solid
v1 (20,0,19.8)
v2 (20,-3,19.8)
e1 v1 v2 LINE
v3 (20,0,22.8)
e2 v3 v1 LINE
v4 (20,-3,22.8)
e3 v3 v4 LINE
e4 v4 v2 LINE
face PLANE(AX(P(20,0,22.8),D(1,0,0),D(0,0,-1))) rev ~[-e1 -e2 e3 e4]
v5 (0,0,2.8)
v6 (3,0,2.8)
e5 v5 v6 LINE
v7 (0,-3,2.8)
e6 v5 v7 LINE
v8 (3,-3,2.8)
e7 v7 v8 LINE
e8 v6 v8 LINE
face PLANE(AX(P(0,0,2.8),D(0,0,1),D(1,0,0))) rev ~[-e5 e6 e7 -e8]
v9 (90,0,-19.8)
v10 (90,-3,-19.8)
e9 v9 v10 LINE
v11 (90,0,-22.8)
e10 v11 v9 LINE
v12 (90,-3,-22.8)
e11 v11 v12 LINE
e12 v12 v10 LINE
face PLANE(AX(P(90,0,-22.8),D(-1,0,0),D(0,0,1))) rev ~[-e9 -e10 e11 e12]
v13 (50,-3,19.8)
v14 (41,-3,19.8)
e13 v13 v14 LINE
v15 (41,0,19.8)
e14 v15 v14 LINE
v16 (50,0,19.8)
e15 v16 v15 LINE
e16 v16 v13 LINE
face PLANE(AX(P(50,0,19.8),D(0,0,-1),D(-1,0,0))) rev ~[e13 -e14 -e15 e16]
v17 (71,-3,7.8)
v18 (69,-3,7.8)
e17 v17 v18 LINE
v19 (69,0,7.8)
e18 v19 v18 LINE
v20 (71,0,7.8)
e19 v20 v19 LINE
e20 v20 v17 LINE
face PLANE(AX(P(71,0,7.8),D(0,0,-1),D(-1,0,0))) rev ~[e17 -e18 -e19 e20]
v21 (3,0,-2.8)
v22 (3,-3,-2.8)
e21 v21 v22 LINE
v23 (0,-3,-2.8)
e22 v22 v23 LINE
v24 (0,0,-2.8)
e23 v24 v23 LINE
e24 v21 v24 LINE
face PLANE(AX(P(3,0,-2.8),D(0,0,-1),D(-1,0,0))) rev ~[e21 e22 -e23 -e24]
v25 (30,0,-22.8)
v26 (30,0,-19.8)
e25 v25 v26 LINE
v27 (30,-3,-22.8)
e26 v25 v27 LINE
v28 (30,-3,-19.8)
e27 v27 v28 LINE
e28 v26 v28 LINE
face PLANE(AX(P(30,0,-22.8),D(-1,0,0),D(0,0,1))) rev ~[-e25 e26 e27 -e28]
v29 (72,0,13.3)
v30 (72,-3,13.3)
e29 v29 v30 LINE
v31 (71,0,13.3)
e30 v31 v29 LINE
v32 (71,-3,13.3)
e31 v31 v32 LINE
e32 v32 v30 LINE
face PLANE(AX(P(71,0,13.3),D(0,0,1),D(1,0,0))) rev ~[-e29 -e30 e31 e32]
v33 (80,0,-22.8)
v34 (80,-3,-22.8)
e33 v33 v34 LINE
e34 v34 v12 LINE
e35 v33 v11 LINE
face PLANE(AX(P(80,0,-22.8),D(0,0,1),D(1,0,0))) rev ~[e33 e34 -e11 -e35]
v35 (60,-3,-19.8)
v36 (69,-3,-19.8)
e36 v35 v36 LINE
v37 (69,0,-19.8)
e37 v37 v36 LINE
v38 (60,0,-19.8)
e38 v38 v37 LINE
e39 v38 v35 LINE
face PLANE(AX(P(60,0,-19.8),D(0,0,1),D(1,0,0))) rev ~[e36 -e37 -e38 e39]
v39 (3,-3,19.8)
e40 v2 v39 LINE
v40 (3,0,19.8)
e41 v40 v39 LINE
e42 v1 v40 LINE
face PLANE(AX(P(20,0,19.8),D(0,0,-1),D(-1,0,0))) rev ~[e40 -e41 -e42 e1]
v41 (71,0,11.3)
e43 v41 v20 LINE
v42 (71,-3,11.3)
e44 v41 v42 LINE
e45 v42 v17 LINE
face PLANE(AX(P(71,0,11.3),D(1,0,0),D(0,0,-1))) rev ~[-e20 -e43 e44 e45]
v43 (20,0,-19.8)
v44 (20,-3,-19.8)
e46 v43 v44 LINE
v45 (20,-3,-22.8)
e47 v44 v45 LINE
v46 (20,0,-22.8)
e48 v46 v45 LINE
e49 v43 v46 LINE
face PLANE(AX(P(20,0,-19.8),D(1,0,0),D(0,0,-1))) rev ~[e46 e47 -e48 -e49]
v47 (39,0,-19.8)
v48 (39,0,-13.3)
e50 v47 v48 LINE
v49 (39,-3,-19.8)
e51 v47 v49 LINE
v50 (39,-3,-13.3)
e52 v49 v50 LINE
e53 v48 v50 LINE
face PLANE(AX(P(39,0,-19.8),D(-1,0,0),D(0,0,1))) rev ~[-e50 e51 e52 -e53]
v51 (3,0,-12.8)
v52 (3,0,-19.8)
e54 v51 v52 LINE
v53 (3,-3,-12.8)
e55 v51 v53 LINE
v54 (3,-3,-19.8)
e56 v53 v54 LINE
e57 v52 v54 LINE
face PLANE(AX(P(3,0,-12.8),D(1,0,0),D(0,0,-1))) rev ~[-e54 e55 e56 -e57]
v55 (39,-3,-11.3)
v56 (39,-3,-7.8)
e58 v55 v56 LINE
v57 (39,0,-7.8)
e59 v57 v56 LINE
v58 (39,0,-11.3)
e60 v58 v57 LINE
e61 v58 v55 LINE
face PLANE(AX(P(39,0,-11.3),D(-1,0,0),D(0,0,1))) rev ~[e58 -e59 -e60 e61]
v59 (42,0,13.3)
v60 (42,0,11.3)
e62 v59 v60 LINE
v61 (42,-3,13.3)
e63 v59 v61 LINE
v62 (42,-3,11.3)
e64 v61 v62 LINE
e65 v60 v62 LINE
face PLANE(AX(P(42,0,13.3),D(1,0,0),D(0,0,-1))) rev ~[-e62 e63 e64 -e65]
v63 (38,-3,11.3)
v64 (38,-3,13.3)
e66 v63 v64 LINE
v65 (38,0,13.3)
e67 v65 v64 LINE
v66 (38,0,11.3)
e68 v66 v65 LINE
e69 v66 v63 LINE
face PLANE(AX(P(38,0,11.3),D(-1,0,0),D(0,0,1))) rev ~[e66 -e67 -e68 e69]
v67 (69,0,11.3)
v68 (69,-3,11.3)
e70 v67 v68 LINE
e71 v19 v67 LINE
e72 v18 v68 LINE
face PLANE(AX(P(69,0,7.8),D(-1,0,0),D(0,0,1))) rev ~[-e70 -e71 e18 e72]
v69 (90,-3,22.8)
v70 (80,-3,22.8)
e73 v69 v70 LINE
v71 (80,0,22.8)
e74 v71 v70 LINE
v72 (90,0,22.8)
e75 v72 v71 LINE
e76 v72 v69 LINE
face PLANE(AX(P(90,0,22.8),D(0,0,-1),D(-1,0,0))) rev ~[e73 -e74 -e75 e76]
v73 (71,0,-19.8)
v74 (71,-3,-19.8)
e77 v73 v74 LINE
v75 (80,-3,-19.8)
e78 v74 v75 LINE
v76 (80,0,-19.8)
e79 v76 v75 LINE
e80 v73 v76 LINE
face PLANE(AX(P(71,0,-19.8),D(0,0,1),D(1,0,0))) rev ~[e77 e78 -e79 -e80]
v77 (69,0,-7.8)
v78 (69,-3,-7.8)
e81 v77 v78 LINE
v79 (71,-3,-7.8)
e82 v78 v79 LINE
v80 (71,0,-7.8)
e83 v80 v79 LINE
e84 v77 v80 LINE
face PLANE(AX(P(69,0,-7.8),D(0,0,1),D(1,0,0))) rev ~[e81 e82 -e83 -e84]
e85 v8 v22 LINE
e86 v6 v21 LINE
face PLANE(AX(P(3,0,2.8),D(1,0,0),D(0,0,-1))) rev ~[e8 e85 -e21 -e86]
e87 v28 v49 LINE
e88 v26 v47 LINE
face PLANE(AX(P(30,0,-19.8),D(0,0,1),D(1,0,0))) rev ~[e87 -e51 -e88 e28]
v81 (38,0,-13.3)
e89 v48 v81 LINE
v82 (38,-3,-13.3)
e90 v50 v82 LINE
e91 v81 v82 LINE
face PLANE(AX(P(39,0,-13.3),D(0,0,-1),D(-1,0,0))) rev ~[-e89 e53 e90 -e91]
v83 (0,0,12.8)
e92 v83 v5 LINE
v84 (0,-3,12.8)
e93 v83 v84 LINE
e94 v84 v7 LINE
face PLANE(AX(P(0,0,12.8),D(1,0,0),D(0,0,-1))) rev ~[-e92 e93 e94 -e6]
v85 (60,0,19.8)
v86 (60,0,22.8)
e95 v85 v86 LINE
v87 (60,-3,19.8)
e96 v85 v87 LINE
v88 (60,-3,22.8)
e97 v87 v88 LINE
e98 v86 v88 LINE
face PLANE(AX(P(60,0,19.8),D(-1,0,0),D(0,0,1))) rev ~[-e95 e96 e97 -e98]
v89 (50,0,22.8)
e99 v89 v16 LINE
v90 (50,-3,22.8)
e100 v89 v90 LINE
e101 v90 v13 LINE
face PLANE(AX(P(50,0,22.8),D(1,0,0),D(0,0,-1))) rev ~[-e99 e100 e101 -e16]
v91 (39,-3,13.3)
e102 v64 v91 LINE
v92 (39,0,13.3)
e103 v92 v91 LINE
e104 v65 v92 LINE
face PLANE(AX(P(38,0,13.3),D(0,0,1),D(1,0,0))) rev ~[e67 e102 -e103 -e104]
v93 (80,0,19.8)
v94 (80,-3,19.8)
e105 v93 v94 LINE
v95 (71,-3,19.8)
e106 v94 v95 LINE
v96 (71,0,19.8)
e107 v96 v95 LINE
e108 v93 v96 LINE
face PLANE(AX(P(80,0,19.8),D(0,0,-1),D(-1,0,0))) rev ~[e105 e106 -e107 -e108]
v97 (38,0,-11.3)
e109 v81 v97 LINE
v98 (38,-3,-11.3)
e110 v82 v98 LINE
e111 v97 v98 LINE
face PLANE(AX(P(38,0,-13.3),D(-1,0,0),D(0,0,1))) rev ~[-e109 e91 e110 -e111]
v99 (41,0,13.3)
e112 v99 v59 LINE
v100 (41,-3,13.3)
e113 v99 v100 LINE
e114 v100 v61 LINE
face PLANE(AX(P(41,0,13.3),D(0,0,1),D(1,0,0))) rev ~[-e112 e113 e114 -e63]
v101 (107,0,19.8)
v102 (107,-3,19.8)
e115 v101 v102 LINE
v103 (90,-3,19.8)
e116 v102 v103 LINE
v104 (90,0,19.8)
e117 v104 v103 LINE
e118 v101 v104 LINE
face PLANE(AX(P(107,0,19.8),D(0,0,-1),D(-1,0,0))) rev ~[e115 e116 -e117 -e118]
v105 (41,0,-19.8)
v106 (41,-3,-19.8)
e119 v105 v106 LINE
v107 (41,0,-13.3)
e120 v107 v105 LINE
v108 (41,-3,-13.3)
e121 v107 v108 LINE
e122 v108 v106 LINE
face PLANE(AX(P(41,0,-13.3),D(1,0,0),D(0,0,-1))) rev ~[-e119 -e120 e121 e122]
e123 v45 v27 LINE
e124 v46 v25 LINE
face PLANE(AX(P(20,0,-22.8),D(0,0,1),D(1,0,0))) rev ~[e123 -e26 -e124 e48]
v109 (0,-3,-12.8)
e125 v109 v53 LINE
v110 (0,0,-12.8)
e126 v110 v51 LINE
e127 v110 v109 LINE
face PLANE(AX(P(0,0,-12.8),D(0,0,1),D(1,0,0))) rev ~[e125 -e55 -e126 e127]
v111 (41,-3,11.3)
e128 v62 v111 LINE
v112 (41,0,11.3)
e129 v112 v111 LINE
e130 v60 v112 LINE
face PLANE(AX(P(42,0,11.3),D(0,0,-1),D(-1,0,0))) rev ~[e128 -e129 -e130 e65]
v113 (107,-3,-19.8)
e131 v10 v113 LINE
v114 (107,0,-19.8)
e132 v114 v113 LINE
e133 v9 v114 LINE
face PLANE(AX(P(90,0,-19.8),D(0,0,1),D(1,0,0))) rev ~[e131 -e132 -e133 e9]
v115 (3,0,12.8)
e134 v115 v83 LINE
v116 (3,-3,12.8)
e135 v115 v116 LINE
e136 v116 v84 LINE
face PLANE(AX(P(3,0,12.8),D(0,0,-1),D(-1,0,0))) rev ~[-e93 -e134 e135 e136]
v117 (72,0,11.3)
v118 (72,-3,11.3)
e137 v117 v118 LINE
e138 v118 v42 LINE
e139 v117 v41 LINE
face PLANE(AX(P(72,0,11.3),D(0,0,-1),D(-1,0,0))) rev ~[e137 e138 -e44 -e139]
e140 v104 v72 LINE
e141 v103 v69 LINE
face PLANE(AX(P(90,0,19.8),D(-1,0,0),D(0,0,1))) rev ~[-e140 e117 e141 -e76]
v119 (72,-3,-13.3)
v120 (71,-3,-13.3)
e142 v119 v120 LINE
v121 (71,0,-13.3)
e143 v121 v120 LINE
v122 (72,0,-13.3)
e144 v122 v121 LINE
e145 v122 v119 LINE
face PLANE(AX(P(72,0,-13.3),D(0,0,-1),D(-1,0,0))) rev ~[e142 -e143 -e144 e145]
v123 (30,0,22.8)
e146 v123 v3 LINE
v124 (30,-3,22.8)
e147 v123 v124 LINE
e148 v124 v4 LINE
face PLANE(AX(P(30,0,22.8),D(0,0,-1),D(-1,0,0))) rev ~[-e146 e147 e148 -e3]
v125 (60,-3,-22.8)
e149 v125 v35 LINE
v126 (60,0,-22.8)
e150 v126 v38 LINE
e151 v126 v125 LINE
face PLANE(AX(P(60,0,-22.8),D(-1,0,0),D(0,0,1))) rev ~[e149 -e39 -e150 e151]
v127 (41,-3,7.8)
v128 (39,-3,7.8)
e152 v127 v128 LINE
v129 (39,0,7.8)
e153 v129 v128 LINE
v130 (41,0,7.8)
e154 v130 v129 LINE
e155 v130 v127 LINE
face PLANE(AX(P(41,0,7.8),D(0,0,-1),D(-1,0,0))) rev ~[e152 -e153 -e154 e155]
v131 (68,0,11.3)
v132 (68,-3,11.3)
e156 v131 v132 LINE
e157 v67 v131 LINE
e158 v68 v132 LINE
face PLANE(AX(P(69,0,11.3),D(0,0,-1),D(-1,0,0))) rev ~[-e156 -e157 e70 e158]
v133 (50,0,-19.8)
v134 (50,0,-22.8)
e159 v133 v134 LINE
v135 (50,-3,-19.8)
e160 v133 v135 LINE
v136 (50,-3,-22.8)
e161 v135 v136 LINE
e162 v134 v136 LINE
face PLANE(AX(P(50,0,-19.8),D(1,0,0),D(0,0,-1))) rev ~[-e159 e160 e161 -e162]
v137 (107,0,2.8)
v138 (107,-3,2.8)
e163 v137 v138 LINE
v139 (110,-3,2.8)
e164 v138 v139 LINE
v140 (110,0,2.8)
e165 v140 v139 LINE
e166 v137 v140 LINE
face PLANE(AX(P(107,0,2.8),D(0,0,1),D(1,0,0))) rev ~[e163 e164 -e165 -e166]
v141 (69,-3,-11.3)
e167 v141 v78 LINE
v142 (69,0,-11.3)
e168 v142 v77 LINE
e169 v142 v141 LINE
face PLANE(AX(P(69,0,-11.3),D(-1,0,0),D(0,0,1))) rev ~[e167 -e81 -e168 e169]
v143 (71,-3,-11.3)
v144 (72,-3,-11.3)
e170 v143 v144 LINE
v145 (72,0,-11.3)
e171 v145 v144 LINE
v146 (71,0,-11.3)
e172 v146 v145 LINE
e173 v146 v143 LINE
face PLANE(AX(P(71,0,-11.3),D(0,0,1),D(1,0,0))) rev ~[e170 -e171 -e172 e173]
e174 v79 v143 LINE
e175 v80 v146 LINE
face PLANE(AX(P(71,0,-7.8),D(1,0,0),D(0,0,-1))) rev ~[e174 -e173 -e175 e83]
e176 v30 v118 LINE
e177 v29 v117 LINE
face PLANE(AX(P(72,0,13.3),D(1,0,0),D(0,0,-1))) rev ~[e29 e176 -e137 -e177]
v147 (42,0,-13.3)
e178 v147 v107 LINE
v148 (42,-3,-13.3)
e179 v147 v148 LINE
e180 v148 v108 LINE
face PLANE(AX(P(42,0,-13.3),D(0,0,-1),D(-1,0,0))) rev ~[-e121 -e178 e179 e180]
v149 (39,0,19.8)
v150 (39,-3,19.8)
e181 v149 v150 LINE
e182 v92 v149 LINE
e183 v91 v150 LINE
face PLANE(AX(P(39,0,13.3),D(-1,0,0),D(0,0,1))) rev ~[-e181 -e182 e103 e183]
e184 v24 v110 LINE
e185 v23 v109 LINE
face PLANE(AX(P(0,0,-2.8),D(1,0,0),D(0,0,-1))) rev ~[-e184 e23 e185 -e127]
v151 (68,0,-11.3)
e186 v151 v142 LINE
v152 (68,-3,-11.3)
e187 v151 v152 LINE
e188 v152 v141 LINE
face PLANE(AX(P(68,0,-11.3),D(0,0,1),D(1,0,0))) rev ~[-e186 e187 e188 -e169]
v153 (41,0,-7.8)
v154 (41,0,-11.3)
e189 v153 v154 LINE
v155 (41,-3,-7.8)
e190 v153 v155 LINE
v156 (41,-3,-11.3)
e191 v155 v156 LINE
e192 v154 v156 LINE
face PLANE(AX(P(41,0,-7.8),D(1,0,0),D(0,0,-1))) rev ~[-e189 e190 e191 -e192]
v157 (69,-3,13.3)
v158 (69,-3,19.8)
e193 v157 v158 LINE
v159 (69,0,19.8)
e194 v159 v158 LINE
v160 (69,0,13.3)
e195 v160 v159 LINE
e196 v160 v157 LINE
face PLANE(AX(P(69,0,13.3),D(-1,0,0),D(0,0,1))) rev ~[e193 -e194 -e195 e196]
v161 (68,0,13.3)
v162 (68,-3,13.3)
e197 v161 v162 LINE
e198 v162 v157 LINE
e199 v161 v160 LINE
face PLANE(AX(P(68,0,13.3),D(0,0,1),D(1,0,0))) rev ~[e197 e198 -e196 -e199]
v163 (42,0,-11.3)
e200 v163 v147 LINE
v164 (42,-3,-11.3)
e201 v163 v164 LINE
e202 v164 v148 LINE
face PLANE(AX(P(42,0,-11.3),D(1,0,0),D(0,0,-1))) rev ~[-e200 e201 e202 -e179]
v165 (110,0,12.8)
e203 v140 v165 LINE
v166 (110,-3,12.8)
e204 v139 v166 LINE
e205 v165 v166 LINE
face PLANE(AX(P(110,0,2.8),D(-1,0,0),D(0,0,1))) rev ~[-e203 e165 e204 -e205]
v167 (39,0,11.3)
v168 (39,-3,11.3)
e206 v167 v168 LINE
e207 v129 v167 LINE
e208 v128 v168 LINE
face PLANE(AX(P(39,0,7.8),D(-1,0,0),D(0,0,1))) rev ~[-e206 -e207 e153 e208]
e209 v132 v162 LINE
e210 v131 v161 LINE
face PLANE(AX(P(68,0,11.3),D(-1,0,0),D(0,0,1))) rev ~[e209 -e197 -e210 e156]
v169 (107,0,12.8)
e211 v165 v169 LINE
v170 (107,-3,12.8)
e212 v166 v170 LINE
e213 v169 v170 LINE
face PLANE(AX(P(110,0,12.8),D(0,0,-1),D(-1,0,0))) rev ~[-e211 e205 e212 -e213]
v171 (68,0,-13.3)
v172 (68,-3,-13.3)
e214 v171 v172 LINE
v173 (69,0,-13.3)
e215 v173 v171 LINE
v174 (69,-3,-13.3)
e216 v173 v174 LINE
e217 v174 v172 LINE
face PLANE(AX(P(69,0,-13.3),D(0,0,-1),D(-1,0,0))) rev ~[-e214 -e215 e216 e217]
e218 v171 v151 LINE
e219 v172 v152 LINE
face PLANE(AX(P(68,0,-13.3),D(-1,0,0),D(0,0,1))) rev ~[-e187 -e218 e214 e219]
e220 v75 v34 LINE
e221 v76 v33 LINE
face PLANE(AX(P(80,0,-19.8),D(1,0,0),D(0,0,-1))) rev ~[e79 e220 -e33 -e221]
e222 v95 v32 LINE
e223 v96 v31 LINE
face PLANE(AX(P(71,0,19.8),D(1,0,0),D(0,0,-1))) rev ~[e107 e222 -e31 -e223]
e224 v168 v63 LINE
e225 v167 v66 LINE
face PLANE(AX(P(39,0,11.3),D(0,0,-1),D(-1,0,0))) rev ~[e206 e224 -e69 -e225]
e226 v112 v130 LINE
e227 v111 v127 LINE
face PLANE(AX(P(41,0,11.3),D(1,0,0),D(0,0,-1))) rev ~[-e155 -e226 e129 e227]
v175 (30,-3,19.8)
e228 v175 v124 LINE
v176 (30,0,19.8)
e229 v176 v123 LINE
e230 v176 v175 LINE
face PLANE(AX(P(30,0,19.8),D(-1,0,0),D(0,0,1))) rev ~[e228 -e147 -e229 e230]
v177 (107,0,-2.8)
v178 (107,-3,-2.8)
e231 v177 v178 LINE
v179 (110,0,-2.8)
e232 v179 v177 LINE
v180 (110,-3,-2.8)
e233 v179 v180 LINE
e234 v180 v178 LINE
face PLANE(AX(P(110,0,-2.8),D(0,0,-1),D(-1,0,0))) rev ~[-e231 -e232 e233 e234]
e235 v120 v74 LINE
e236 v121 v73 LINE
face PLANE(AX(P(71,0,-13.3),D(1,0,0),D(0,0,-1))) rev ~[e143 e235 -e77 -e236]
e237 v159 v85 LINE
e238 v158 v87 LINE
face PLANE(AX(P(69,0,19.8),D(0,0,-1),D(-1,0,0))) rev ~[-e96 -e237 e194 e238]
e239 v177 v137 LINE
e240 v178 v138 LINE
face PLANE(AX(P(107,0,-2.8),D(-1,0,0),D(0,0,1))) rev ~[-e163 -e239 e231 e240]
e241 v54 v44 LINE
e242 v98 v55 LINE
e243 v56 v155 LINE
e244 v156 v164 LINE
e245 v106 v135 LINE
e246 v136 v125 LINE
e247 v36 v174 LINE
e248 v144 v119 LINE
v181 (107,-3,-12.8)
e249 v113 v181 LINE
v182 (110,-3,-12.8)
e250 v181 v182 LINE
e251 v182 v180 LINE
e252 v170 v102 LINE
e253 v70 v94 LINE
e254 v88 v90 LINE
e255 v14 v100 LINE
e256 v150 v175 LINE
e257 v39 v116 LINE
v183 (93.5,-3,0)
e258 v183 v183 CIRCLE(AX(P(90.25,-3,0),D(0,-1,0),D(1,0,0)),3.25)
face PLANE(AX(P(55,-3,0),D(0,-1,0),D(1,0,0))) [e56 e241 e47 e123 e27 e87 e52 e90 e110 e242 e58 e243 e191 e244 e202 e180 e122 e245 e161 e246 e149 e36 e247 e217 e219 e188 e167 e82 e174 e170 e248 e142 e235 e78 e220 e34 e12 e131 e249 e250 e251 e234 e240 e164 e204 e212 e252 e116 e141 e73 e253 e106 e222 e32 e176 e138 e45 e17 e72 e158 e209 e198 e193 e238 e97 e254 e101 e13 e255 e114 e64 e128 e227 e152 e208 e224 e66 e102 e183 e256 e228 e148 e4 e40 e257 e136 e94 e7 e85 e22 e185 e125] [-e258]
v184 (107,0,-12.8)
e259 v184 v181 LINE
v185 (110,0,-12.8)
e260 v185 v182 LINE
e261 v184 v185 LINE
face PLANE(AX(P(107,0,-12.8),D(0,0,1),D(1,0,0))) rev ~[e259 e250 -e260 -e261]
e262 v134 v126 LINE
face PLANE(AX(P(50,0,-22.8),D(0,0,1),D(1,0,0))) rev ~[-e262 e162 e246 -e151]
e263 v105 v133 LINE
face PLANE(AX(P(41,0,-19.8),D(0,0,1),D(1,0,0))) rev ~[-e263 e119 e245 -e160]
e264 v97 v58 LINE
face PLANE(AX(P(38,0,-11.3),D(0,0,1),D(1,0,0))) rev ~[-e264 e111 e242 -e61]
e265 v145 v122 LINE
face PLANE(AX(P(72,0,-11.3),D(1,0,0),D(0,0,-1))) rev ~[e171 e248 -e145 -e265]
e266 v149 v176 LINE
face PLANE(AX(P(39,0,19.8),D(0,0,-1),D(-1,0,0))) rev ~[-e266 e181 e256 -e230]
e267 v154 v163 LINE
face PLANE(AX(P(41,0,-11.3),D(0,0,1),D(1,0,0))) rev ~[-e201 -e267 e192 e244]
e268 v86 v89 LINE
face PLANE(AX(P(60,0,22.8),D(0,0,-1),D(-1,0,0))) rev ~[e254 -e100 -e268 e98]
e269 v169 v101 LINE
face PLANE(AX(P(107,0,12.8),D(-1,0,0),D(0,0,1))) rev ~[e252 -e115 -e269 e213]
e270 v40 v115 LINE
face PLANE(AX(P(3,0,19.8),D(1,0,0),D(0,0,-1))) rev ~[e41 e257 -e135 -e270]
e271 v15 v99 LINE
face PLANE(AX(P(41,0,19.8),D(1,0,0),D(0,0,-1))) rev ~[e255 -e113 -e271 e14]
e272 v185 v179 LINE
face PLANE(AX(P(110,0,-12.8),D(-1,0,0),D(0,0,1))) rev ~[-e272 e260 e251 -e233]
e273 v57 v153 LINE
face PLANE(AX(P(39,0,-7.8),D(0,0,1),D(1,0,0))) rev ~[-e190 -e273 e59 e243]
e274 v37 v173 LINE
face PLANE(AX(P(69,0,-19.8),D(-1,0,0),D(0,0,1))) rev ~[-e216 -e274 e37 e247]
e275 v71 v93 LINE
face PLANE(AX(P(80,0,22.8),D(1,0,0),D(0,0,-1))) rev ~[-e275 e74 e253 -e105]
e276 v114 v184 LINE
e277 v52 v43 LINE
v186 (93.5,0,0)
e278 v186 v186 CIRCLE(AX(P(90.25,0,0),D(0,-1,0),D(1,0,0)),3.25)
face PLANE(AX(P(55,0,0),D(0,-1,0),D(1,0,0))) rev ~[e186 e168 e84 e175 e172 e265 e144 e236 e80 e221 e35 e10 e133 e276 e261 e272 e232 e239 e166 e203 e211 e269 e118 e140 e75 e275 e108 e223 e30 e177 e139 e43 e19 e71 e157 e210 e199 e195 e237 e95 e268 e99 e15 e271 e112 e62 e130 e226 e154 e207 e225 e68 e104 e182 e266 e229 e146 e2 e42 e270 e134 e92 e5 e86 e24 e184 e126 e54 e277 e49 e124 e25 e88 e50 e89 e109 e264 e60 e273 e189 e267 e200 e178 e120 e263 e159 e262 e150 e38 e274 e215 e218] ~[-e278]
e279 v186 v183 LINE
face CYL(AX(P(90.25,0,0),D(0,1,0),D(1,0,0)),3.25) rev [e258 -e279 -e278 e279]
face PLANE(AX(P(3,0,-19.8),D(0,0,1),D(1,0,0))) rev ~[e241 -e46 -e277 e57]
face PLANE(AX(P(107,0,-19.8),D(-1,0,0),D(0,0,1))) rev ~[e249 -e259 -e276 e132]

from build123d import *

# Parameters (mm, degrees)
F0_R     = 3.25
F1_DEPTH = 3


with BuildPart() as f1:
    # F0 (on Front) → F1 (new body)
    with BuildSketch(Plane.XZ):
        Polygon((3, 2.8), (3, 0), (3, -2.8), (0, -2.8), (0, -12.8), (3, -12.8), (3, -19.8), (20, -19.8), (20, -22.8), (30, -22.8), (30, -19.8), (39, -19.8), (39, -13.3), (38, -13.3), (38, -11.3), (39, -11.3), (39, -7.8), (41, -7.8), (41, -11.3), (42, -11.3), (42, -13.3), (41, -13.3), (41, -19.8), (50, -19.8), (50, -22.8), (55, -22.8), (60, -22.8), (60, -19.8), (69, -19.8), (69, -13.3), (68, -13.3), (68, -11.3), (69, -11.3), (69, -7.8), (71, -7.8), (71, -11.3), (72, -11.3), (72, -13.3), (71, -13.3), (71, -19.8), (80, -19.8), (80, -22.8), (90, -22.8), (90, -19.8), (107, -19.8), (107, -12.8), (110, -12.8), (110, -2.8), (107, -2.8), (107, 0), (107, 2.8), (110, 2.8), (110, 12.8), (107, 12.8), (107, 19.8), (90, 19.8), (90, 22.8), (80, 22.8), (80, 19.8), (71, 19.8), (71, 13.3), (72, 13.3), (72, 11.3), (71, 11.3), (71, 7.8), (69, 7.8), (69, 11.3), (68, 11.3), (68, 13.3), (69, 13.3), (69, 19.8), (60, 19.8), (60, 22.8), (55, 22.8), (50, 22.8), (50, 19.8), (41, 19.8), (41, 13.3), (42, 13.3), (42, 11.3), (41, 11.3), (41, 7.8), (39, 7.8), (39, 11.3), (38, 11.3), (38, 13.3), (39, 13.3), (39, 19.8), (30, 19.8), (30, 22.8), (20, 22.8), (20, 19.8), (3, 19.8), (3, 12.8), (0, 12.8), (0, 2.8), align=None)
        with Locations((90.25, 0)):
            Circle(F0_R, mode=Mode.SUBTRACT)
    extrude(amount=F1_DEPTH)


solid = f1.part
